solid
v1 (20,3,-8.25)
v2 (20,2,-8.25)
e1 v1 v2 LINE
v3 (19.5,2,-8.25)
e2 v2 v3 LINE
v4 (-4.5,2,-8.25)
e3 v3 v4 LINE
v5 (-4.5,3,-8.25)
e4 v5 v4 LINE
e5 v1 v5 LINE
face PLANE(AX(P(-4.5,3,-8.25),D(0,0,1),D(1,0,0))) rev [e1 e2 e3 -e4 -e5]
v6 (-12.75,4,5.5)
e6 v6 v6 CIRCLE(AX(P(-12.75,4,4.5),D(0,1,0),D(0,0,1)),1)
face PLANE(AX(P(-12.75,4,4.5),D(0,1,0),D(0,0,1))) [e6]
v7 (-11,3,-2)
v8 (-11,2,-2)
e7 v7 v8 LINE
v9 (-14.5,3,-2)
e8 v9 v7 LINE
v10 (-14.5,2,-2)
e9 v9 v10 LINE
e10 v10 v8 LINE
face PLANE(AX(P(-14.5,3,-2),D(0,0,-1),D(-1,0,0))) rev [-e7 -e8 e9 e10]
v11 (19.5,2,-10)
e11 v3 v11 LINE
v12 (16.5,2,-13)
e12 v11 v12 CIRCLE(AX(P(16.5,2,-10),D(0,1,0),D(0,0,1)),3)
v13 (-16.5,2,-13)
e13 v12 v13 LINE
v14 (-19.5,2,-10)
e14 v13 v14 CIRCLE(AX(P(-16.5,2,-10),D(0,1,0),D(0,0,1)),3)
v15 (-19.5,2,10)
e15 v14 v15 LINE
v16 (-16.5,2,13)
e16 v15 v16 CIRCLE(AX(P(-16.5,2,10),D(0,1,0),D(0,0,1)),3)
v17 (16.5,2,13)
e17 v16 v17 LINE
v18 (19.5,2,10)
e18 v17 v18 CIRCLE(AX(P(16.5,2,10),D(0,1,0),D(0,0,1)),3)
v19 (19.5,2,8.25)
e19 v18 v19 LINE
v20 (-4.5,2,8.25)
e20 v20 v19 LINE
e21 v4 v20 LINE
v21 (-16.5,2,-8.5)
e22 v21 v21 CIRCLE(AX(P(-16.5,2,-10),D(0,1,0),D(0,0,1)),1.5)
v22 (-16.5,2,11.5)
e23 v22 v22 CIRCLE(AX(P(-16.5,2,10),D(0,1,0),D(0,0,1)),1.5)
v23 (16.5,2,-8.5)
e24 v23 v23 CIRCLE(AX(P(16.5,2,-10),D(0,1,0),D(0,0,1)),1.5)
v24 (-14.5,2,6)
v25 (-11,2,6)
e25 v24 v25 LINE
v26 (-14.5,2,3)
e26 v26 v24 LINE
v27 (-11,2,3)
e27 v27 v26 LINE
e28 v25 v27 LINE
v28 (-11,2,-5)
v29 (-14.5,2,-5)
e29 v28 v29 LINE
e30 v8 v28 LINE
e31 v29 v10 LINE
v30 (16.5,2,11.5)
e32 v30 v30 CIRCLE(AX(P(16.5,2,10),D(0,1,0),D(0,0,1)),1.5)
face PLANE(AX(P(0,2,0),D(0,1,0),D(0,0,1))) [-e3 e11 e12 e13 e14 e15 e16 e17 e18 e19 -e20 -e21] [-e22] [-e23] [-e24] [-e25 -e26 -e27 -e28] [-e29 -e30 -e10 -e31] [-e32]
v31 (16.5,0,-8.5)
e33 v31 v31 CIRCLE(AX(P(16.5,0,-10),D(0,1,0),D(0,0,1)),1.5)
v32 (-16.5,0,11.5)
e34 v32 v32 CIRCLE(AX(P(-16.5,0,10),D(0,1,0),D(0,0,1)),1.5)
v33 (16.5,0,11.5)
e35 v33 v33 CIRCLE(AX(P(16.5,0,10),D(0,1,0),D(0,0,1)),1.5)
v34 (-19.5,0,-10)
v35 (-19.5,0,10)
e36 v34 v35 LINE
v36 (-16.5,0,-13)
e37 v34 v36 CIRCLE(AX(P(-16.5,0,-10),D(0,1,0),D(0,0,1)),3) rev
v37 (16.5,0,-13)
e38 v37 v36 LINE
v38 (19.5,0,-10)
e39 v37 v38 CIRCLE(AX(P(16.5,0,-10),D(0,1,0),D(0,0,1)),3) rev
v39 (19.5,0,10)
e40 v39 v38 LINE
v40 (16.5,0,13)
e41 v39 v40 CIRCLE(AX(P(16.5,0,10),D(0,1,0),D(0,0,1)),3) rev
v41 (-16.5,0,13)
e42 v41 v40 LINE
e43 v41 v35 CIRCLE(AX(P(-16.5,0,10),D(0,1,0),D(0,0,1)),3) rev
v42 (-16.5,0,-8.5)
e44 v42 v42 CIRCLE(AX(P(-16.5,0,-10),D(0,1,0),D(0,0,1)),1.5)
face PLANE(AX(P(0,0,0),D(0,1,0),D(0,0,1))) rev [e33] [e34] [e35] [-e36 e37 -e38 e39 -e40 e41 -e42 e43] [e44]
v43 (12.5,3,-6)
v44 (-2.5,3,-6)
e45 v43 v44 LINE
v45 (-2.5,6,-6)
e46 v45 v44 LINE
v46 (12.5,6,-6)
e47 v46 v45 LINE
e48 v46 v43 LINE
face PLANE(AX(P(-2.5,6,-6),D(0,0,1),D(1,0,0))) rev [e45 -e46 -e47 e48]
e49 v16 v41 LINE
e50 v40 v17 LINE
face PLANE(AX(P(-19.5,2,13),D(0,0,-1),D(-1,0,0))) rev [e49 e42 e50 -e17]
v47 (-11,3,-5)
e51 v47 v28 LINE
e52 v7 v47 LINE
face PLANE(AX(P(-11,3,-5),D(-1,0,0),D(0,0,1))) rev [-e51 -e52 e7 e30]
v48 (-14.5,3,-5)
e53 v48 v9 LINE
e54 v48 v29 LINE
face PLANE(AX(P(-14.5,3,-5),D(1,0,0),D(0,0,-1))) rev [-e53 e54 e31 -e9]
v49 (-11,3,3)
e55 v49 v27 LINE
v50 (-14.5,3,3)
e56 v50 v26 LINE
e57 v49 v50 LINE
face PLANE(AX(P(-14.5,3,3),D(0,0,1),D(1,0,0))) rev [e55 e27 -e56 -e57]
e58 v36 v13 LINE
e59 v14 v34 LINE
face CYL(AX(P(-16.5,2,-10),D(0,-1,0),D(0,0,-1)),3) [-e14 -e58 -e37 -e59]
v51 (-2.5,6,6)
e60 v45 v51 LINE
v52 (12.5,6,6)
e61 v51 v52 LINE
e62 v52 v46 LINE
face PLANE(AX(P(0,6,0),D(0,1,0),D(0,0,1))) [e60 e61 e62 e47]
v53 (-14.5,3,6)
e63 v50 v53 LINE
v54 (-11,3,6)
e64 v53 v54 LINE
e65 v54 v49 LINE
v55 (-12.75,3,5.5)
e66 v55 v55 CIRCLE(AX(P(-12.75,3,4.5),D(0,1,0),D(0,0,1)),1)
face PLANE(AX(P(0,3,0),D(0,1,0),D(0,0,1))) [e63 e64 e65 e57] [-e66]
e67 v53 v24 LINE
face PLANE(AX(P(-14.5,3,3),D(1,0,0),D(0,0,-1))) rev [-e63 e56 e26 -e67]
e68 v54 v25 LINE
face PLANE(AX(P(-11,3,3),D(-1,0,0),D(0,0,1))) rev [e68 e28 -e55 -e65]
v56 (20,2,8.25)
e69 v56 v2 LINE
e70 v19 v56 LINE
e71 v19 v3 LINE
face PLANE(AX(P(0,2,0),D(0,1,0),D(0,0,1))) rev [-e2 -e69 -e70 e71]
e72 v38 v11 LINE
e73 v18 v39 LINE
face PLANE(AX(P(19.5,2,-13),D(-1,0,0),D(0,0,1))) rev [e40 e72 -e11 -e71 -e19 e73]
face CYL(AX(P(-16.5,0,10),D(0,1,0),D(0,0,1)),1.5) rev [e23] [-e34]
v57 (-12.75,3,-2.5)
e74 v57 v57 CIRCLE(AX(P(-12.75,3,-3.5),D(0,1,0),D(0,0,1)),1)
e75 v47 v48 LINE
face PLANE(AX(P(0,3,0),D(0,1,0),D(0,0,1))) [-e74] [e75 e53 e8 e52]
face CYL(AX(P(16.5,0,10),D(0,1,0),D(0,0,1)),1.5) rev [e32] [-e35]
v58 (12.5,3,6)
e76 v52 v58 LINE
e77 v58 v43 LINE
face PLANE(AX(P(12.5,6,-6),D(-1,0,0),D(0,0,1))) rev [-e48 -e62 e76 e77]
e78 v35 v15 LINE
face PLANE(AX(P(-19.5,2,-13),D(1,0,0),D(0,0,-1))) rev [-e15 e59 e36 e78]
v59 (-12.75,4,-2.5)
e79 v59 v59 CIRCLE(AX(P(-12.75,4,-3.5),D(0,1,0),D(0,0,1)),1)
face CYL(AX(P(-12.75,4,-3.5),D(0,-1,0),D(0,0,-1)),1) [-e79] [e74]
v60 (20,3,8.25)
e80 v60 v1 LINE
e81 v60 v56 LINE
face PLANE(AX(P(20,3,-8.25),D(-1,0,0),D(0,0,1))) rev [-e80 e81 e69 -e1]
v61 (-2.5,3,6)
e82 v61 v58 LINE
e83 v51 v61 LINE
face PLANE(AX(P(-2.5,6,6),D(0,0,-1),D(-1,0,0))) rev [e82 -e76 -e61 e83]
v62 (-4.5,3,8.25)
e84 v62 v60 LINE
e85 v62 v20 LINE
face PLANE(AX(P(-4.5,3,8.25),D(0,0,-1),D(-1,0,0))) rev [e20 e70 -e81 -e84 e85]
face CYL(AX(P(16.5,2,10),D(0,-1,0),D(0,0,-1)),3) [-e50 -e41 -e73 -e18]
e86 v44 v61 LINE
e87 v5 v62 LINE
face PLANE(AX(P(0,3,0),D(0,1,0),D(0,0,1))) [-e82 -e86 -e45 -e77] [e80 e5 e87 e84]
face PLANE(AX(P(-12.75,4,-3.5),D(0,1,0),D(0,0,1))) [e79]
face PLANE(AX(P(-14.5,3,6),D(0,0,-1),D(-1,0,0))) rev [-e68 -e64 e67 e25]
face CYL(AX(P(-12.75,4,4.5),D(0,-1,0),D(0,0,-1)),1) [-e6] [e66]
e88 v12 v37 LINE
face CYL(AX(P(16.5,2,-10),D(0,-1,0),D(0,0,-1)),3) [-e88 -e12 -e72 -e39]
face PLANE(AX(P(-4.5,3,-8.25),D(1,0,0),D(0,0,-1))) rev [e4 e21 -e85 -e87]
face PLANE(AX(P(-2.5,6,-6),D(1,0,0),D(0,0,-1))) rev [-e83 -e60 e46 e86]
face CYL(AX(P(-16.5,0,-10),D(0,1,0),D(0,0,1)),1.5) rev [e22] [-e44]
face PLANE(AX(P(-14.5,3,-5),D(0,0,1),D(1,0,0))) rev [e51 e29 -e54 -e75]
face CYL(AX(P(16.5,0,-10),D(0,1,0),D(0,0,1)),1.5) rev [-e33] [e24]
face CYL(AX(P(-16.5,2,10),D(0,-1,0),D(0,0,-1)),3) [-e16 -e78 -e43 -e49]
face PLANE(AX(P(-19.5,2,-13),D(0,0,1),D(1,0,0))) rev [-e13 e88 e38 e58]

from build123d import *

# Parameters (mm, degrees)
SKETCH1_W           = 39
SKETCH1_H           = 26
BOSS_EXTRUDE1_DEPTH = 2
SKETCH2_R           = 1.5
CUT_EXTRUDE1_DEPTH  = 24.521266973
SKETCH3_W           = 24.5
SKETCH3_H           = 16.5
BOSS_EXTRUDE2_DEPTH = 1
SKETCH4_W           = 15
SKETCH4_H           = 12
BOSS_EXTRUDE3_DEPTH = 3
SKETCH5_W           = 3.5
SKETCH5_H           = 3
BOSS_EXTRUDE4_DEPTH = 1
SKETCH6_R           = 1
BOSS_EXTRUDE5_DEPTH = 1
FILLET1_R           = 3


with BuildPart() as part:
    # Sketch1 → Boss-Extrude1 (new body)
    with BuildSketch(Plane(origin=(0, 0, 0), x_dir=(1, 0, 0), z_dir=(0, 1, 0))):
        Rectangle(SKETCH1_W, SKETCH1_H)
    extrude(amount=BOSS_EXTRUDE1_DEPTH)

    # Sketch2 → Cut-Extrude1 (cut, through all)
    with BuildSketch(Plane(origin=(0, 2, 0), x_dir=(1, 0, 0), z_dir=(0, 1, 0))):
        with Locations(Location((-16.5, 10, 0), (0, 0, 270))):
            Circle(SKETCH2_R)
        with Locations(Location((-16.5, -10, 0), (0, 0, 270))):
            Circle(SKETCH2_R)
        with Locations(Location((16.5, -10, 0), (0, 0, 270))):
            Circle(SKETCH2_R)
        with Locations(Location((16.5, 10, 0), (0, 0, 270))):
            Circle(SKETCH2_R)
    extrude(amount=-CUT_EXTRUDE1_DEPTH, mode=Mode.SUBTRACT)

    # Sketch3 → Boss-Extrude2 (add)
    with BuildSketch(Plane(origin=(0, 2, 0), x_dir=(1, 0, 0), z_dir=(0, 1, 0))):
        with Locations((7.75, 0)):
            Rectangle(SKETCH3_W, SKETCH3_H)
    extrude(amount=BOSS_EXTRUDE2_DEPTH)

    # Sketch4 → Boss-Extrude3 (add)
    with BuildSketch(Plane(origin=(0, 3, 0), x_dir=(1, 0, 0), z_dir=(0, 1, 0))):
        with Locations((5, 0)):
            Rectangle(SKETCH4_W, SKETCH4_H)
    extrude(amount=BOSS_EXTRUDE3_DEPTH)

    # Sketch5 → Boss-Extrude4 (add)
    with BuildSketch(Plane(origin=(0, 2, 0), x_dir=(1, 0, 0), z_dir=(0, 1, 0))):
        with Locations((-12.75, 3.5)):
            Rectangle(SKETCH5_W, SKETCH5_H)
        with Locations((-12.75, -4.5)):
            Rectangle(SKETCH5_W, SKETCH5_H)
    extrude(amount=BOSS_EXTRUDE4_DEPTH)

    # Sketch6 → Boss-Extrude5 (add)
    with BuildSketch(Plane(origin=(0, 3, 0), x_dir=(1, 0, 0), z_dir=(0, 1, 0))):
        with Locations(Location((-12.75, 3.5, 0), (0, 0, 270))):
            Circle(SKETCH6_R)
        with Locations(Location((-12.75, -4.5, 0), (0, 0, 270))):
            Circle(SKETCH6_R)
    extrude(amount=BOSS_EXTRUDE5_DEPTH)

    # Fillet1
    fillet1_edges = [part.edges().sort_by_distance(p)[0] for p in [
        (19.5, 1, 13),
        (-19.5, 1, 13),
        (-19.5, 1, -13),
        (19.5, 1, -13),
    ]]
    fillet(fillet1_edges, radius=FILLET1_R)


solid = part.part
